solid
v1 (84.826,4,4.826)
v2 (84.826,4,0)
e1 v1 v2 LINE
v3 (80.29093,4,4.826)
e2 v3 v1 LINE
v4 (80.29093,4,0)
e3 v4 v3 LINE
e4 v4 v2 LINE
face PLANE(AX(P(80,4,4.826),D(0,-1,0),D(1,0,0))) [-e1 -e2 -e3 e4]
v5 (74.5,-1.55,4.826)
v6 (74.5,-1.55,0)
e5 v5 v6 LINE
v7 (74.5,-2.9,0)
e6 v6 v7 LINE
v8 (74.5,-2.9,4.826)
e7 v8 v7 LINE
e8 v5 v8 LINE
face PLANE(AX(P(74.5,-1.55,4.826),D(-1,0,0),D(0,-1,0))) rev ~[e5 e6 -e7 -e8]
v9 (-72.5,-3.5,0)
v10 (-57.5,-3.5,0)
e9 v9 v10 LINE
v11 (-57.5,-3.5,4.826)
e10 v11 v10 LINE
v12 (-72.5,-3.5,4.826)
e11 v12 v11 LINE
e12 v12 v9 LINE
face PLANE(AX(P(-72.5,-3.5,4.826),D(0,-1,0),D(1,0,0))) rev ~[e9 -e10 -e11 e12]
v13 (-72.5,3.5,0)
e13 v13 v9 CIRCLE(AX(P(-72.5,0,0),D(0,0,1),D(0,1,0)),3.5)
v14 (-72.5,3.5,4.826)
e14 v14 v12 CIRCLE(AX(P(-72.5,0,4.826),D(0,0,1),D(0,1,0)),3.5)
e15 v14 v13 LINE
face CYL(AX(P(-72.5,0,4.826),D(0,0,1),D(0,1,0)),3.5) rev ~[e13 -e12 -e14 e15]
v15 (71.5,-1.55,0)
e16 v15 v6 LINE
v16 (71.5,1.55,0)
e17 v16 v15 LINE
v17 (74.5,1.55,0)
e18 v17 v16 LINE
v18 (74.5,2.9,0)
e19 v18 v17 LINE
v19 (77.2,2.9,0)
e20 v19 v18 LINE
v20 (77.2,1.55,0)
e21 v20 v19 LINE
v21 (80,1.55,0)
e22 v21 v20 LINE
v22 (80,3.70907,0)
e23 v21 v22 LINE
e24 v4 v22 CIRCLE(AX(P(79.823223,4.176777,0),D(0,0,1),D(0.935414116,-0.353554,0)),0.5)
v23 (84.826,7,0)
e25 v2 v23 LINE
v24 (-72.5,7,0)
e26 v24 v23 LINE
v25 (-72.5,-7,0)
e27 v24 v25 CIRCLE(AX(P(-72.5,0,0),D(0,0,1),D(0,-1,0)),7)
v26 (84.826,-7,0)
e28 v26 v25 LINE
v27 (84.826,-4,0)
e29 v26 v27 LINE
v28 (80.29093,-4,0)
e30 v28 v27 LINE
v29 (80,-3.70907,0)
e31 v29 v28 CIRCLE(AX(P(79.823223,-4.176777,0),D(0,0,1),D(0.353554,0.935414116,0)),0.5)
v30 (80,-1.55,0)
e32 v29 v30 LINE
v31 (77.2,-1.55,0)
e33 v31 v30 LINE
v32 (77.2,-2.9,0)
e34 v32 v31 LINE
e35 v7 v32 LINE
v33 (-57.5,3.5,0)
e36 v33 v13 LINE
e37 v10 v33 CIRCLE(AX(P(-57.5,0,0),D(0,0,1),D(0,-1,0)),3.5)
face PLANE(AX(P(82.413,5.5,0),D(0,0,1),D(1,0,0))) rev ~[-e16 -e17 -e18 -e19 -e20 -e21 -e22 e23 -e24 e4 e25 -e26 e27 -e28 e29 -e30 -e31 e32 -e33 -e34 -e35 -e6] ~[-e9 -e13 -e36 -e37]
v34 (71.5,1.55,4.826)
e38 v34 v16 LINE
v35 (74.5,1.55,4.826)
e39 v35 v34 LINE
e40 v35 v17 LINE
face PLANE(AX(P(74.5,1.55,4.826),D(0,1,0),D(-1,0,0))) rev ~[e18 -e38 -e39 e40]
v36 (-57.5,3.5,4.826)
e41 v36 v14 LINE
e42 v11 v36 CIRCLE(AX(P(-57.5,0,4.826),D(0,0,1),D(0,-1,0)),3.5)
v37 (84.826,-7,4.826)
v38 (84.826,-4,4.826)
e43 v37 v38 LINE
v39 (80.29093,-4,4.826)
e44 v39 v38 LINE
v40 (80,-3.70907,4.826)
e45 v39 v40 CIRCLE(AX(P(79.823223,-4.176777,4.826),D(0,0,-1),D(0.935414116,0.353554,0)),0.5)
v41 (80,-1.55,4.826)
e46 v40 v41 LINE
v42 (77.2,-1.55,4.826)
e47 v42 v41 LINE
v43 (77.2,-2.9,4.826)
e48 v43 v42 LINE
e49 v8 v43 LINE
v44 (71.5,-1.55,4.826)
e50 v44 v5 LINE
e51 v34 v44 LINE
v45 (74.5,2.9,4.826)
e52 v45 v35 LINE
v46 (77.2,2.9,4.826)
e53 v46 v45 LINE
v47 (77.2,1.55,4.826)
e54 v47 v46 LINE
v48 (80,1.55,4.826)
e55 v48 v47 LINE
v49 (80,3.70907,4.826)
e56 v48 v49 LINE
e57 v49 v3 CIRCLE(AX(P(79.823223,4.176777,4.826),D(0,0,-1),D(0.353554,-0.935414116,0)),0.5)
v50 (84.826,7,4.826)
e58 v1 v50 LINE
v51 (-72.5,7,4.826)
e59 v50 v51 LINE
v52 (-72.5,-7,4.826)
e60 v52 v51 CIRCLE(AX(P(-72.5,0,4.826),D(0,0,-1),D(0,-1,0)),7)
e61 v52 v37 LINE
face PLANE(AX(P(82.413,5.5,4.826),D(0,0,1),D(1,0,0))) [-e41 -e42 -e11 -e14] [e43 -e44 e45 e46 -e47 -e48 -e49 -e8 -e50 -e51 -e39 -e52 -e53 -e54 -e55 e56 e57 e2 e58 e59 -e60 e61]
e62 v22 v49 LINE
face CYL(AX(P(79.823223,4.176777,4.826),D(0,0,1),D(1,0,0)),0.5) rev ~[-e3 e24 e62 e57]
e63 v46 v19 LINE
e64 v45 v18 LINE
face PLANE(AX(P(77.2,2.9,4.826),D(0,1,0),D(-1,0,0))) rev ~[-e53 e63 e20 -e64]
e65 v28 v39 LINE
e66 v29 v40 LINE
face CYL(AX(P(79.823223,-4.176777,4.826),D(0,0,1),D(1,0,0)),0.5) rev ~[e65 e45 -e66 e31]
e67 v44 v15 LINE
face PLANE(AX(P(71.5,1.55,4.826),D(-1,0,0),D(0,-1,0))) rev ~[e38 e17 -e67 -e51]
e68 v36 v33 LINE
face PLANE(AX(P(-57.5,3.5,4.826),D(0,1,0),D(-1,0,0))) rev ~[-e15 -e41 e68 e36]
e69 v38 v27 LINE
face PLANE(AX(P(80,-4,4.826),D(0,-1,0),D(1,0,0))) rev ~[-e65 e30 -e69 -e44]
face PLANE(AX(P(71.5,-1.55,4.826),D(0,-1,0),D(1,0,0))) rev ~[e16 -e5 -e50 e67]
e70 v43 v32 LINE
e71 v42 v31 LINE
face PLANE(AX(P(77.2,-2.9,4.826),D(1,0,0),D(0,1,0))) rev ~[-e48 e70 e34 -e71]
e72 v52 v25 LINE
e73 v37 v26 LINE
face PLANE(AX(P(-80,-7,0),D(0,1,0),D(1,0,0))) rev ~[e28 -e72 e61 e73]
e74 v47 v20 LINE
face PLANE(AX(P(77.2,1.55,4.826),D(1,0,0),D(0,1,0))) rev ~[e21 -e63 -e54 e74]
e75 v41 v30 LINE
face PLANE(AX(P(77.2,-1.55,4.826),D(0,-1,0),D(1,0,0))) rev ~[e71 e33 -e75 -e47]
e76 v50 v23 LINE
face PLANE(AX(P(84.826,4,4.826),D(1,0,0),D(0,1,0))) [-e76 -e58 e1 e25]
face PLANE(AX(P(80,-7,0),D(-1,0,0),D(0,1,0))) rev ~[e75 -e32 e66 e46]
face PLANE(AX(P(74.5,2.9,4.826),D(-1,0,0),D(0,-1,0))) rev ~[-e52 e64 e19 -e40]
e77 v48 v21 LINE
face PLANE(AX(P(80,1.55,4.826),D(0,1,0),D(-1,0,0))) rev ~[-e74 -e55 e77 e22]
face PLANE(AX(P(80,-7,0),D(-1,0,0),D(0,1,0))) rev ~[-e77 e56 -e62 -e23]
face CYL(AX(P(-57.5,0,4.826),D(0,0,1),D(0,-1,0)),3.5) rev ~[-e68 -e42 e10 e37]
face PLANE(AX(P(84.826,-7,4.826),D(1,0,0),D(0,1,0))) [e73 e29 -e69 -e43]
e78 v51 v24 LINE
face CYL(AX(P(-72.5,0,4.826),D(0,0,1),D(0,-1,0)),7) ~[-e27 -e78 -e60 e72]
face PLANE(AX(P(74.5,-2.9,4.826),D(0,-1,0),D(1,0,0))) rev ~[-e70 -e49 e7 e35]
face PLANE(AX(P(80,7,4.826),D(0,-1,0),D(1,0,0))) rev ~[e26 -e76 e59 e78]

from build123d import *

# Parameters (mm, degrees)
F0_W      = 160
F0_H      = 14
F1_DEPTH  = 4.826
F2_W      = 4.826
F2_H      = 3
F3_DEPTH  = 4.826
F4_DEPTH  = 25
F5_R      = 0.5
F6_DEPTH  = 4.827
F8_DEPTH  = 4.827
F10_DEPTH = 4.827


with BuildPart() as f1:
    # F0 (on Top) → F1 (new body)
    with BuildSketch(Plane.XY):
        Rectangle(F0_W, F0_H)
    extrude(amount=F1_DEPTH)

    # F2 (on face) → F3 (join, through all)
    with BuildSketch(Plane.XY.offset(4.826)):
        with Locations((82.413, 5.5)):
            Rectangle(F2_W, F2_H)
        with Locations((82.413, -5.5)):
            Rectangle(F2_W, F2_H)
    extrude(amount=-F3_DEPTH)

    # F2 (on face) → F4 (cut)
    with BuildSketch(Plane.XY.offset(4.826)):
        Polygon((80, -1.55), (80, 1.55), (77.2, 1.55), (77.2, 2.9), (74.5, 2.9), (74.5, 1.55), (71.5, 1.55), (71.5, -1.55), (74.5, -1.55), (74.5, -2.9), (77.2, -2.9), (77.2, -1.55), align=None)
    extrude(amount=-F4_DEPTH, mode=Mode.SUBTRACT)

    # F5 (on face) → F6 (cut, through all)
    with BuildSketch(Plane.XY.offset(4.826)):
        with Locations((79.823223, 4.176777)):
            Circle(F5_R)
        with Locations((79.823223, -4.176777)):
            Circle(F5_R)
    extrude(amount=-F6_DEPTH, mode=Mode.SUBTRACT)

    # F7 (on face) → F8 (cut, through all)
    with BuildSketch(Plane.XY.offset(4.826)):
        with BuildLine():
            Line((-57.5, 3.5), (-72.5, 3.5))
            ThreePointArc((-72.5, 3.5), (-76, 0), (-72.5, -3.5))
            Line((-72.5, -3.5), (-57.5, -3.5))
            ThreePointArc((-57.5, -3.5), (-54, 0), (-57.5, 3.5))
        make_face()
    extrude(amount=-F8_DEPTH, mode=Mode.SUBTRACT)

    # F9 (on face) → F10 (cut, through all)
    with BuildSketch(Plane.XY.offset(4.826)):
        with BuildLine():
            ThreePointArc((-72.5, -7), (-79.5, 0), (-72.5, 7))
            Line((-72.5, 7), (-80, 7))
            Line((-80, 7), (-80, -7))
            Line((-80, -7), (-72.5, -7))
        make_face()
    extrude(amount=-F10_DEPTH, mode=Mode.SUBTRACT)


solid = f1.part
